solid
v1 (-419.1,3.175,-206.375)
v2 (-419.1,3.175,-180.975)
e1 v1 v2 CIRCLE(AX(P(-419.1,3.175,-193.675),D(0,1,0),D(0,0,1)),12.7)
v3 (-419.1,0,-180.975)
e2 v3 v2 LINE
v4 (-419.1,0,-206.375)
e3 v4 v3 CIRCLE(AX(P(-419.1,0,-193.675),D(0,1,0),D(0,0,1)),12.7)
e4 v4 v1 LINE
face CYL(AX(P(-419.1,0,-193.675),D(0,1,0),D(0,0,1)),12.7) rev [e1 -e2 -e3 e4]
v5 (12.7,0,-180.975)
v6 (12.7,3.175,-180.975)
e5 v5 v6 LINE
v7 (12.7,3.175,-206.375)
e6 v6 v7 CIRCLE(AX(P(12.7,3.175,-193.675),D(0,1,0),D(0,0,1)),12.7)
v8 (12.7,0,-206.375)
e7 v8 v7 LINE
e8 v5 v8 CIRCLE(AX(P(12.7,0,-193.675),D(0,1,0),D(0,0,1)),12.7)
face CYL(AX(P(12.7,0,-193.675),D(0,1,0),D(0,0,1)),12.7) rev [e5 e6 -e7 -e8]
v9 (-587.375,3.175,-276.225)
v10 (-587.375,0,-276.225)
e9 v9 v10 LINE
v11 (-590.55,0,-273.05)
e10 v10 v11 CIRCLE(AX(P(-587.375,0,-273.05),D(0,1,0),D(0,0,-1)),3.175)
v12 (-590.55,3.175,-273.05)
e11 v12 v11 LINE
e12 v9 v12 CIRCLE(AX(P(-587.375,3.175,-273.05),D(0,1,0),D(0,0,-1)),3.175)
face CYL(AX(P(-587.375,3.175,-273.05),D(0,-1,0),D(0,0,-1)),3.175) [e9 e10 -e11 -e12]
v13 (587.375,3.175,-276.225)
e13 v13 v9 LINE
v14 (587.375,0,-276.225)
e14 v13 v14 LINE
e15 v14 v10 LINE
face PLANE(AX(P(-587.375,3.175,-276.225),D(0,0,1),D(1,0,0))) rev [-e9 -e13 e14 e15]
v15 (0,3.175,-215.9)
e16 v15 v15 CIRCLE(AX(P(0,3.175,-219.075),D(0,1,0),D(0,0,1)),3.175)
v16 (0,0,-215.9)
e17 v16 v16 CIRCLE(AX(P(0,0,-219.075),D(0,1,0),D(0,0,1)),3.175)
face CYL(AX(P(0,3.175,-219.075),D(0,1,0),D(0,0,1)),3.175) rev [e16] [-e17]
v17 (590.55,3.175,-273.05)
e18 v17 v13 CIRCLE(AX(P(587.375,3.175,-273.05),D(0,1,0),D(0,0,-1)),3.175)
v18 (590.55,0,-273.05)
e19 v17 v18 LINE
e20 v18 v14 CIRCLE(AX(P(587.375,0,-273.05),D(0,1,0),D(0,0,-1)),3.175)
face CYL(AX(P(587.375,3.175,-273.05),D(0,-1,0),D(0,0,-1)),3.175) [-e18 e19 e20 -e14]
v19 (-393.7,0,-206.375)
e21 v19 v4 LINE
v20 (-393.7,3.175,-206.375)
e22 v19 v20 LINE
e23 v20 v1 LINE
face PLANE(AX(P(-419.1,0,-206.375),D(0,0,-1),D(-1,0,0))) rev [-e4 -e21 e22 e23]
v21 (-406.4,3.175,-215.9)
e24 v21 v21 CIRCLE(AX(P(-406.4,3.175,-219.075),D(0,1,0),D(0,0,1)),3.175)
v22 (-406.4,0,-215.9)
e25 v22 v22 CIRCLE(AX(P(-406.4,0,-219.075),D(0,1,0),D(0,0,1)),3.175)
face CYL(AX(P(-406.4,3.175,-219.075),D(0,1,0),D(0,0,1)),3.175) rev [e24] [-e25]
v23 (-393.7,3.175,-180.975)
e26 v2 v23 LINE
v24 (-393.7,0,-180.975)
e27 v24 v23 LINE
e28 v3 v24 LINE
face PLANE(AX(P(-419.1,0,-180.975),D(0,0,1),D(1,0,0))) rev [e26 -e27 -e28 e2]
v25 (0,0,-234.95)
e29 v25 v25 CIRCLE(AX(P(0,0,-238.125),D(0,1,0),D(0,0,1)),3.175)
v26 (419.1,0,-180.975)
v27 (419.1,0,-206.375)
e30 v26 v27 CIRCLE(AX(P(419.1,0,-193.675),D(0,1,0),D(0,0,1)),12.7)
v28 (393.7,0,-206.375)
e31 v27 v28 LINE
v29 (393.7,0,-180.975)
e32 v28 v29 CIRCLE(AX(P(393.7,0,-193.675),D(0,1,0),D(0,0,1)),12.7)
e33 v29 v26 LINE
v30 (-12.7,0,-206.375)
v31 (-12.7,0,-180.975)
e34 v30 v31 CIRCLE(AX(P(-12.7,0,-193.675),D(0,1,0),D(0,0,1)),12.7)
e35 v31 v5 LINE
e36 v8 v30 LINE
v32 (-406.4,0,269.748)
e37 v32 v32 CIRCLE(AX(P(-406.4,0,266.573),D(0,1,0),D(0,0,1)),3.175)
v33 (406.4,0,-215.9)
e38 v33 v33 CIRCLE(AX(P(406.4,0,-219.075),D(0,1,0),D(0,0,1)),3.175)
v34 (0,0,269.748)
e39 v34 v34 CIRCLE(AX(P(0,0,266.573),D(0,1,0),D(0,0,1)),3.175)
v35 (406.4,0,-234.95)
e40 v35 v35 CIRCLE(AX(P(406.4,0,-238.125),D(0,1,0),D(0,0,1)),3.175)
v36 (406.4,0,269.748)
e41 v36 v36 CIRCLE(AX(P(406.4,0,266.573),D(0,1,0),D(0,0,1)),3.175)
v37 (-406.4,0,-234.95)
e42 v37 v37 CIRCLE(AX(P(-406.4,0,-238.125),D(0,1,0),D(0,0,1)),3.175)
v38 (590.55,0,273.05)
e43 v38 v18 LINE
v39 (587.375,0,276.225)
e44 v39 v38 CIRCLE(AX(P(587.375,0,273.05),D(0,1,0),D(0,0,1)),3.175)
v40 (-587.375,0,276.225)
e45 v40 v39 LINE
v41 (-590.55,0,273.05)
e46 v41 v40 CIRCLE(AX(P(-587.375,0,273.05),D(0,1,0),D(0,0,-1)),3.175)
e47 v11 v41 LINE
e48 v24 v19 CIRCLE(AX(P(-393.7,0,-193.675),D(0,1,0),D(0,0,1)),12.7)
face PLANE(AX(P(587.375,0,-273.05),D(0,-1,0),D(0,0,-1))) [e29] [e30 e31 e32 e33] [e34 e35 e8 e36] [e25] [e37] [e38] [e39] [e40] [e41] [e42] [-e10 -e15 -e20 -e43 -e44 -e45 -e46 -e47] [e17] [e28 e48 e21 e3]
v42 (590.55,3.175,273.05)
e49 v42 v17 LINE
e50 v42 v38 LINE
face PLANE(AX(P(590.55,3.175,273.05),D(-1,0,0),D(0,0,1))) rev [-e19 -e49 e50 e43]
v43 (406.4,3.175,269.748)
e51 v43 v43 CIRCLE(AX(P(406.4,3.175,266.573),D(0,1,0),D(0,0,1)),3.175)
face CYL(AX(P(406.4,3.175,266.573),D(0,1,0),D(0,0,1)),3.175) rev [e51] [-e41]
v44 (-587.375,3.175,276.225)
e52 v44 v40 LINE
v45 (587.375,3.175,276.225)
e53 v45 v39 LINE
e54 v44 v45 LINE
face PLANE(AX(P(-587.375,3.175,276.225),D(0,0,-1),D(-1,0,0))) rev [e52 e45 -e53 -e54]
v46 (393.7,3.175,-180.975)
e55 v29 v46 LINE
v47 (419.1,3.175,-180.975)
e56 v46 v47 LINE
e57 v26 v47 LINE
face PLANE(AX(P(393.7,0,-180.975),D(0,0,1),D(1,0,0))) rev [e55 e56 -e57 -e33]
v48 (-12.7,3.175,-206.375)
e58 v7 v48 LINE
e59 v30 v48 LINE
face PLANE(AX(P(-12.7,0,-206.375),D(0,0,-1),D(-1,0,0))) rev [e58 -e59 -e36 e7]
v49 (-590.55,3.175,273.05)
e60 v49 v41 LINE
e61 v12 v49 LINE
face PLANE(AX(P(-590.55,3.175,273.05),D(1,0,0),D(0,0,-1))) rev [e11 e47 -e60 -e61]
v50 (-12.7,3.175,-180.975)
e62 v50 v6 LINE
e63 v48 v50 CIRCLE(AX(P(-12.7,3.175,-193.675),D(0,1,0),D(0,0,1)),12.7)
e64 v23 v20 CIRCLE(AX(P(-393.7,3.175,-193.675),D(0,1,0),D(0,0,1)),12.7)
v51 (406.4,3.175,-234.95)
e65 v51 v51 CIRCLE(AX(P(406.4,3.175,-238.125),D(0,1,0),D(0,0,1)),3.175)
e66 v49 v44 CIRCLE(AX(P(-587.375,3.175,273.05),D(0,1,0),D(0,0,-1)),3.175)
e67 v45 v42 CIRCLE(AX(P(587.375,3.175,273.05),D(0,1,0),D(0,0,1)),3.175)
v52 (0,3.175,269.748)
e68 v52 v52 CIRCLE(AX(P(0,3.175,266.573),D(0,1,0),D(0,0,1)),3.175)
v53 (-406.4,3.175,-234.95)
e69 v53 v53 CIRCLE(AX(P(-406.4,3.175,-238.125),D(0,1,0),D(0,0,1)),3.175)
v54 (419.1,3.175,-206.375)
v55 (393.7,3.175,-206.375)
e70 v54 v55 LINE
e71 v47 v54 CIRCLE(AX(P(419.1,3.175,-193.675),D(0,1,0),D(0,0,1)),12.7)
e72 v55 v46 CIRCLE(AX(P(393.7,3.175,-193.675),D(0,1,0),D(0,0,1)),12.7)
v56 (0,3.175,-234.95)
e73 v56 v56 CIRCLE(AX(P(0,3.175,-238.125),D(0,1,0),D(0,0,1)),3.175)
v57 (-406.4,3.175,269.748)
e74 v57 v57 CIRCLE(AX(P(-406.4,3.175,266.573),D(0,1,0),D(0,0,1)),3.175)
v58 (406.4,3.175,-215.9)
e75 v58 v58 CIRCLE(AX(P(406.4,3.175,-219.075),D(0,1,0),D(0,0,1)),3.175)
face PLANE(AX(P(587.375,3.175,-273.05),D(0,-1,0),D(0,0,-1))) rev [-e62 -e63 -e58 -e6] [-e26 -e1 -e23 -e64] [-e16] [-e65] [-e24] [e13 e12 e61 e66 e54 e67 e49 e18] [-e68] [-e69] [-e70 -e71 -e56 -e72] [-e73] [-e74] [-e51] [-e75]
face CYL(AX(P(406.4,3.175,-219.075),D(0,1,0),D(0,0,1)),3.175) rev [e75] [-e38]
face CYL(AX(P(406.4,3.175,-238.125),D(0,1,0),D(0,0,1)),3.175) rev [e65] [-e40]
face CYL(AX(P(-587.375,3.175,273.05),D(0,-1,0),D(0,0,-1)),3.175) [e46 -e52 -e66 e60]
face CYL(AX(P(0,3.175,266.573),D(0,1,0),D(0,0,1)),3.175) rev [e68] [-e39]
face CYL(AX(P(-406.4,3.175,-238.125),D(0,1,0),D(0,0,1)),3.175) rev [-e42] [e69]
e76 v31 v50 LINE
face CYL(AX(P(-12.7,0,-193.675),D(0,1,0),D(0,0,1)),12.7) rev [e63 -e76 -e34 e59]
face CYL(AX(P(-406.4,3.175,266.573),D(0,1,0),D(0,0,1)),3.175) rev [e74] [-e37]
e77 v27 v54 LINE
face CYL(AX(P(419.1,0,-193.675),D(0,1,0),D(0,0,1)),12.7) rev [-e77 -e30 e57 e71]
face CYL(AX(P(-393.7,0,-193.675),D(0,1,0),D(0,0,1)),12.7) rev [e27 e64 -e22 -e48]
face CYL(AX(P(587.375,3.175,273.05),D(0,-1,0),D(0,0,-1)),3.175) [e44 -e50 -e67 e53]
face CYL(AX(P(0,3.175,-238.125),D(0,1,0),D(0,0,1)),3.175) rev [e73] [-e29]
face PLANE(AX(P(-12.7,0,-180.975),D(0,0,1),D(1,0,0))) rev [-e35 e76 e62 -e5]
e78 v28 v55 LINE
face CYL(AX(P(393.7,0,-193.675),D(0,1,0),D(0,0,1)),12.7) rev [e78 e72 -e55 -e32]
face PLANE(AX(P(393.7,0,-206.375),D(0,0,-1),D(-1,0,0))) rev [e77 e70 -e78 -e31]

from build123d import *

# Parameters (mm, degrees)
BOSS_EXTRUDE1_DEPTH         = 3.175
F_1_4_0_25_DIAMETER_HOLE1_D = 6.35
CUT_EXTRUDE1_DEPTH          = 652.965975914


with BuildPart() as part:
    # Sketch1 → Boss-Extrude1 (new body)
    with BuildSketch(Plane(origin=(0, 0, 0), x_dir=(1, 0, 0), z_dir=(0, 1, 0))):
        with BuildLine():
            Line((-587.375, -276.225), (587.375, -276.225))
            ThreePointArc((587.375, -276.225), (589.62006403, -275.29506403), (590.55, -273.05))
            Line((590.55, -273.05), (590.55, 273.05))
            ThreePointArc((590.55, 273.05), (589.62006403, 275.29506403), (587.375, 276.225))
            Line((587.375, 276.225), (-587.375, 276.225))
            ThreePointArc((-587.375, 276.225), (-589.62006403, 275.29506403), (-590.55, 273.05))
            Line((-590.55, 273.05), (-590.55, -273.05))
            ThreePointArc((-590.55, -273.05), (-589.62006403, -275.29506403), (-587.375, -276.225))
        make_face()
    extrude(amount=BOSS_EXTRUDE1_DEPTH)

    # 1/4 (0.25) Diameter Hole1 (through all)
    with Locations(Plane(origin=(0, 3.175, 0), x_dir=(1, 0, 0), z_dir=(0, 1, 0))):
        with Locations((-406.4, 219.075), (0, 219.075), (406.4, 219.075), (-406.4, -266.573), (0, -266.573), (406.4, -266.573), (-406.4, 238.125), (0, 238.125), (406.4, 238.125)):
            Hole(F_1_4_0_25_DIAMETER_HOLE1_D / 2)

    # Sketch5 → Cut-Extrude1 (cut, through all)
    with BuildSketch(Plane(origin=(0, 3.175, 0), x_dir=(1, 0, 0), z_dir=(0, 1, 0))):
        with BuildLine():
            Line((-419.1, 206.375), (-393.7, 206.375))
            ThreePointArc((-393.7, 206.375), (-381, 193.675), (-393.7, 180.975))
            Line((-393.7, 180.975), (-419.1, 180.975))
            ThreePointArc((-419.1, 180.975), (-431.8, 193.675), (-419.1, 206.375))
        make_face()
        with BuildLine():
            Line((-12.7, 206.375), (12.7, 206.375))
            ThreePointArc((12.7, 206.375), (25.4, 193.675), (12.7, 180.975))
            Line((12.7, 180.975), (-12.7, 180.975))
            ThreePointArc((-12.7, 180.975), (-25.4, 193.675), (-12.7, 206.375))
        make_face()
        with BuildLine():
            Line((393.7, 206.375), (419.1, 206.375))
            ThreePointArc((419.1, 206.375), (431.8, 193.675), (419.1, 180.975))
            Line((419.1, 180.975), (393.7, 180.975))
            ThreePointArc((393.7, 180.975), (381, 193.675), (393.7, 206.375))
        make_face()
    extrude(amount=-CUT_EXTRUDE1_DEPTH, mode=Mode.SUBTRACT)


solid = part.part
